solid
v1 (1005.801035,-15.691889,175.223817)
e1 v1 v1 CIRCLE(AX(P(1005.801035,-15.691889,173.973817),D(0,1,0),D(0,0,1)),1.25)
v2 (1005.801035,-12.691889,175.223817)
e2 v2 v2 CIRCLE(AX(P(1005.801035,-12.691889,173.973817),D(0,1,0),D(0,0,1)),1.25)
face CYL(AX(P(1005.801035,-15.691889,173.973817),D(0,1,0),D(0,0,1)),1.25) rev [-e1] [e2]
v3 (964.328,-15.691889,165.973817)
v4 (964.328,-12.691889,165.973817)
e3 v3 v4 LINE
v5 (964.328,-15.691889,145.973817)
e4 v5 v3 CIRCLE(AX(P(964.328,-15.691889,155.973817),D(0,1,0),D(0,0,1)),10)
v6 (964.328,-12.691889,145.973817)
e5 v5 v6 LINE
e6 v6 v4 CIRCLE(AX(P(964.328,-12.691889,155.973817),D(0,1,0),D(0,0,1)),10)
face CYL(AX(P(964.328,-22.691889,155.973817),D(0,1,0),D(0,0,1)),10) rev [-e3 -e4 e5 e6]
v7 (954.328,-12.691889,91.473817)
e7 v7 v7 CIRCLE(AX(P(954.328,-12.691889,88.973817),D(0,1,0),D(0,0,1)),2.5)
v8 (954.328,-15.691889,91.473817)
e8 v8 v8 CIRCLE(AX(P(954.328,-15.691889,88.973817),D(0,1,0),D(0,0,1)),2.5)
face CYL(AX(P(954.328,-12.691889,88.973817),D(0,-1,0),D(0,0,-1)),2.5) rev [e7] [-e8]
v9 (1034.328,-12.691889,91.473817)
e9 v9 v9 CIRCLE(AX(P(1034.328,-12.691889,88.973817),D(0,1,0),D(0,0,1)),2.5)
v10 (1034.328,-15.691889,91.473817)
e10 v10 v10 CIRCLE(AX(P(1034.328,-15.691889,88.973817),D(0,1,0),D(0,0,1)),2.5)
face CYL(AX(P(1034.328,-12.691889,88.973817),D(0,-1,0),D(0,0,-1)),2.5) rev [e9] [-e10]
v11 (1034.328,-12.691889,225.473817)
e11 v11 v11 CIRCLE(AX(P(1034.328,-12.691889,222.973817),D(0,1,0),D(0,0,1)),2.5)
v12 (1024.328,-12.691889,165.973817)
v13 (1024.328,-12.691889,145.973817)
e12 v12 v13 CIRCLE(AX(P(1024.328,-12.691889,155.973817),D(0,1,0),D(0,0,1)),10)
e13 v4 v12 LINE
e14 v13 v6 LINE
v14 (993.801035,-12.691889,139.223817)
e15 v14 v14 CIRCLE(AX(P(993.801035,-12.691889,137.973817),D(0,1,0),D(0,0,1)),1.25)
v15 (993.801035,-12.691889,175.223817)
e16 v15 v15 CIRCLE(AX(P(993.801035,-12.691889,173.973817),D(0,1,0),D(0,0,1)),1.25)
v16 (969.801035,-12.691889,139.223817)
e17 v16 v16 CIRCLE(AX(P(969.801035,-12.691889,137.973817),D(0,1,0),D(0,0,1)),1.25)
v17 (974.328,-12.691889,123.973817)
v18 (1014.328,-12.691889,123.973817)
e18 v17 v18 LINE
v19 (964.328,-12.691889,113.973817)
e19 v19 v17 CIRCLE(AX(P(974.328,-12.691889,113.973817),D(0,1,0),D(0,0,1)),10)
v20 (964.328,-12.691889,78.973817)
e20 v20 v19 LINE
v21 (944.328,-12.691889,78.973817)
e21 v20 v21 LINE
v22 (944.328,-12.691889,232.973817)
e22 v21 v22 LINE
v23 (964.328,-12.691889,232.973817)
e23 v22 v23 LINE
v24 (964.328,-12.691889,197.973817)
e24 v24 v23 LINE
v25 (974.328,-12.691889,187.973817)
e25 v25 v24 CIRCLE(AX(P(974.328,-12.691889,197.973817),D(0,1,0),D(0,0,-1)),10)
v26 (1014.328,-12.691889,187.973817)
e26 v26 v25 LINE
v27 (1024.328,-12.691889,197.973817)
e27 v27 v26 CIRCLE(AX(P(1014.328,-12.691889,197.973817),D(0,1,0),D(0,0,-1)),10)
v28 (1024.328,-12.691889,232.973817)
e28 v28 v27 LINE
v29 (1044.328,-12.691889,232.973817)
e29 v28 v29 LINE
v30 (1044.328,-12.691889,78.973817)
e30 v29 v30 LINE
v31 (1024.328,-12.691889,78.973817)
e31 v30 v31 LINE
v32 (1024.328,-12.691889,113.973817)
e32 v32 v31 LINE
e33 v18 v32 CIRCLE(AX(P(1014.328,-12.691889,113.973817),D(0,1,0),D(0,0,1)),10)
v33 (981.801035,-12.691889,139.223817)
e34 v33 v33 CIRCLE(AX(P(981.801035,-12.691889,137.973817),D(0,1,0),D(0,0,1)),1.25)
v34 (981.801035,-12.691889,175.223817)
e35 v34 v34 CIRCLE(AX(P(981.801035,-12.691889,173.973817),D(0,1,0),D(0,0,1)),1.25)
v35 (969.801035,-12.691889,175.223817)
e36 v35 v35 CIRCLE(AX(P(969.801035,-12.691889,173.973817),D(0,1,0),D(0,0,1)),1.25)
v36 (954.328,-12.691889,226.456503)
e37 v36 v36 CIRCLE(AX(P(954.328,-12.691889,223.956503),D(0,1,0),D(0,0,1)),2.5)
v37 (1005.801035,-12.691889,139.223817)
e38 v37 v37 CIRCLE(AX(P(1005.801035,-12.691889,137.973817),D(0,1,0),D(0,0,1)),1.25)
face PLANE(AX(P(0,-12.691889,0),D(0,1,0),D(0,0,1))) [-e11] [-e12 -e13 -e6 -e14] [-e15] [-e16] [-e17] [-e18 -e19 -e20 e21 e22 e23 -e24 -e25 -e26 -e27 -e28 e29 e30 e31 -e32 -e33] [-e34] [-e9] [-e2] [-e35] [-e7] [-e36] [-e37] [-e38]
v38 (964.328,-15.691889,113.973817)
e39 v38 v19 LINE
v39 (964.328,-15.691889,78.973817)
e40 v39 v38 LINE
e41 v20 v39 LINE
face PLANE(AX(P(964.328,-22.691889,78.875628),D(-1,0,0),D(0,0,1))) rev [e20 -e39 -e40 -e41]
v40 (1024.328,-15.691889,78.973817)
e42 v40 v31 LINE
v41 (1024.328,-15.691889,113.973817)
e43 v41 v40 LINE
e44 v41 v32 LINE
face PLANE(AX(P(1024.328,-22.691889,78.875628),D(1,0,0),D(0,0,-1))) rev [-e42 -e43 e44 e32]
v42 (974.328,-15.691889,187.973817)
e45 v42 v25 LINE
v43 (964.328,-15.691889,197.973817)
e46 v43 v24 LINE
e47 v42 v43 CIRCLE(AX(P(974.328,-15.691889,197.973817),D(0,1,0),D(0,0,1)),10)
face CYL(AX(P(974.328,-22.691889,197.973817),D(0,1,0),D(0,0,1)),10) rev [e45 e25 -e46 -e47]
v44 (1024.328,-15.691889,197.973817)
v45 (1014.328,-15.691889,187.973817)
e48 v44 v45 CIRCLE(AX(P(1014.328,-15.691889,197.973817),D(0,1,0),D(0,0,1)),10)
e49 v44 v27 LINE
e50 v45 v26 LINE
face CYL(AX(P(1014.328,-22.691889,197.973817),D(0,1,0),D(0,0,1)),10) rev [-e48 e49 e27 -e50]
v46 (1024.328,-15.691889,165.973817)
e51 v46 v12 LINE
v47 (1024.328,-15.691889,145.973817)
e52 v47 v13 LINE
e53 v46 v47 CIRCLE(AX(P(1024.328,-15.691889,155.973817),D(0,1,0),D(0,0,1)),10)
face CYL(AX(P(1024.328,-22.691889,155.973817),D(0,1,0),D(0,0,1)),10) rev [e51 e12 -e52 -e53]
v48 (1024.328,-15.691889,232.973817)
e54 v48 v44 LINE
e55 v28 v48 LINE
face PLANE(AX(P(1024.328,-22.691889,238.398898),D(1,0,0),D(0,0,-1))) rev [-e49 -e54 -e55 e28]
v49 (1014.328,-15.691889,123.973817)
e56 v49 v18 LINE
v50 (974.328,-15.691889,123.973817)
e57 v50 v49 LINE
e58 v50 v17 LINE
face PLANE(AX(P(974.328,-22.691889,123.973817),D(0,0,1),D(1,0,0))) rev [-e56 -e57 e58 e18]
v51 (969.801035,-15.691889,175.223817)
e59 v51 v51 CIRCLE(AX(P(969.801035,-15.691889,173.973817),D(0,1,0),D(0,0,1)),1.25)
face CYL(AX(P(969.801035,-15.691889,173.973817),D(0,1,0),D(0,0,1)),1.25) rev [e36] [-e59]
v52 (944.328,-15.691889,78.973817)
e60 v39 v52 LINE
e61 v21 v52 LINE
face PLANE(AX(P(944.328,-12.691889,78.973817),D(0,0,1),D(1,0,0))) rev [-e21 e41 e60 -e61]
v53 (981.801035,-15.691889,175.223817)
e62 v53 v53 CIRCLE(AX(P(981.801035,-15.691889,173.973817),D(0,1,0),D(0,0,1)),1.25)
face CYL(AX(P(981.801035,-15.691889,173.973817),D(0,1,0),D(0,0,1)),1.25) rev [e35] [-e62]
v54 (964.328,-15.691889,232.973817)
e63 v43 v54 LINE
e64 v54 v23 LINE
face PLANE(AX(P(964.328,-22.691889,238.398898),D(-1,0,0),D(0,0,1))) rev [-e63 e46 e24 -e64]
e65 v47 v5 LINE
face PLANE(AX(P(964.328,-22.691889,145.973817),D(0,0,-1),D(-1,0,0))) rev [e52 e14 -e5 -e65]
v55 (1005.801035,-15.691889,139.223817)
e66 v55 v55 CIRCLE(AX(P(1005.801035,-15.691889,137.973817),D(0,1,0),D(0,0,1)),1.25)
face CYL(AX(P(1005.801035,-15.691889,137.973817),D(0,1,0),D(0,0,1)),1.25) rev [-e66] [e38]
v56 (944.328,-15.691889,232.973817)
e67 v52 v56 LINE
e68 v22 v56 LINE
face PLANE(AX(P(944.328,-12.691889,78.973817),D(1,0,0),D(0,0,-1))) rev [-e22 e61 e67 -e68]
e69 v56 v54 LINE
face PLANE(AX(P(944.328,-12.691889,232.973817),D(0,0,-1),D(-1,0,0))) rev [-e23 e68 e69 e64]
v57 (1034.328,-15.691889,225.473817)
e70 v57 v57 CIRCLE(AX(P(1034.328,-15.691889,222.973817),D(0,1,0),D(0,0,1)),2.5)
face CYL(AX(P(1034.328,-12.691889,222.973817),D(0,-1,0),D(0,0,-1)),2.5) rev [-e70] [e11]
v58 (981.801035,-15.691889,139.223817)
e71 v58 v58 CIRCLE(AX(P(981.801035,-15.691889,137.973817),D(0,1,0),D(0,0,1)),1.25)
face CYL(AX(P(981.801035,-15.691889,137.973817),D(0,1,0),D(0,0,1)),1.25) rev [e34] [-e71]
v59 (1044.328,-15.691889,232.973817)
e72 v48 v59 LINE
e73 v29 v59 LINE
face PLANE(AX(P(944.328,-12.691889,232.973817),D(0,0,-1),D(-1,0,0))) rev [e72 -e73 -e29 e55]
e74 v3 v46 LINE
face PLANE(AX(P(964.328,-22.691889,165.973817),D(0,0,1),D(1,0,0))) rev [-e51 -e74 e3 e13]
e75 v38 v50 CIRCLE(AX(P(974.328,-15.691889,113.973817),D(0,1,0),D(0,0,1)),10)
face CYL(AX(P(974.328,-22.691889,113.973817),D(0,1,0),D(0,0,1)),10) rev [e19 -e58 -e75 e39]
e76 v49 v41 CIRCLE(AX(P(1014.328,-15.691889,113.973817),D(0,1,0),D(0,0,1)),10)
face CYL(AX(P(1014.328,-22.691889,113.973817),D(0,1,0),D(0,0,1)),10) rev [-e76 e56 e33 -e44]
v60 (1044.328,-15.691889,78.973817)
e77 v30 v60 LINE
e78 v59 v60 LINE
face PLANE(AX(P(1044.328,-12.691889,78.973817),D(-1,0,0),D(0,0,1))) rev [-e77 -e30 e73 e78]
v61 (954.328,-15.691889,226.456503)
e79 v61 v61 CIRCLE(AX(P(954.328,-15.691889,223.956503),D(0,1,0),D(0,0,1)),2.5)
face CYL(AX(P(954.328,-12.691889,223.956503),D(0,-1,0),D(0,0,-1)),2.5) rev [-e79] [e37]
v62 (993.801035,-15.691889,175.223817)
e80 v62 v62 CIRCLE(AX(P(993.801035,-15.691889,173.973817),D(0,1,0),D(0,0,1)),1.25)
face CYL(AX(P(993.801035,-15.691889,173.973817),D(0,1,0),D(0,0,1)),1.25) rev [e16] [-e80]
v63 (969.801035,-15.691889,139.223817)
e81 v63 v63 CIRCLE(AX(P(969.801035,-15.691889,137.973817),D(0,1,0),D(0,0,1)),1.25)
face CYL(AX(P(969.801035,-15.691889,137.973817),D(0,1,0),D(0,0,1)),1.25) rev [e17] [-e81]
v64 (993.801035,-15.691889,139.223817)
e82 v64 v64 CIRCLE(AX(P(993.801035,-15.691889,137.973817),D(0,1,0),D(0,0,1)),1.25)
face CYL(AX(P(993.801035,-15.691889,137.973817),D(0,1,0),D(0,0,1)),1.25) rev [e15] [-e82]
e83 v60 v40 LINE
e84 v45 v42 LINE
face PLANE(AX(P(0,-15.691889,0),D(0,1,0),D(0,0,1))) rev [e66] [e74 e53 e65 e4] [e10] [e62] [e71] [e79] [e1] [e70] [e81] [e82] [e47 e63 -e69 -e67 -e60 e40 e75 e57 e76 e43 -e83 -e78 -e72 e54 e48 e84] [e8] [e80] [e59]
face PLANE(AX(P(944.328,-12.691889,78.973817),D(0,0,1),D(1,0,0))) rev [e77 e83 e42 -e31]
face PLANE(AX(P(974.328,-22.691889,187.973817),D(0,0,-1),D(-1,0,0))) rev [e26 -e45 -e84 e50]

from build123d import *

# Parameters (mm, degrees)
SKETCH_1_W          = 100
SKETCH_1_H          = 154
SKETCH_1_R          = 2.5
EXTRUDE_1_DEPTH     = 3
SKETCH_4_R          = 1.25
CUT_EXTRUDE_1_DEPTH = 3
CUT_EXTRUDE_2_DEPTH = 10
CUT_EXTRUDE_3_DEPTH = 10


with BuildPart() as part:
    # 스케치1 → 보스-돌출1 (new body)
    with BuildSketch(Plane(origin=(0, -15.691888839, 0), x_dir=(1, 0, 0), z_dir=(0, 1, 0))):
        with Locations((994.328, -155.973817188)):
            Rectangle(SKETCH_1_W, SKETCH_1_H)
        with Locations(Location((1034.328, -88.973817188, 0), (0, 0, 270))):
            Circle(SKETCH_1_R, mode=Mode.SUBTRACT)
        with Locations(Location((1034.328, -222.973817188, 0), (0, 0, 270))):
            Circle(SKETCH_1_R, mode=Mode.SUBTRACT)
        with Locations(Location((954.328, -223.956502664, 0), (0, 0, 270))):
            Circle(SKETCH_1_R, mode=Mode.SUBTRACT)
        with Locations(Location((954.328, -88.973817188, 0), (0, 0, 270))):
            Circle(SKETCH_1_R, mode=Mode.SUBTRACT)
    extrude(amount=EXTRUDE_1_DEPTH)

    # 스케치4 → 컷-돌출1 (cut)
    with BuildSketch(Plane(origin=(0, -12.691888839, 0), x_dir=(1, 0, 0), z_dir=(0, 1, 0))):
        with Locations(Location((969.801034838, -137.973817188, 0), (0, 0, 270))):
            Circle(SKETCH_4_R)
        with Locations(Location((1005.801034838, -137.973817188, 0), (0, 0, 270))):
            Circle(SKETCH_4_R)
        with Locations(Location((1005.801034838, -173.973817188, 0), (0, 0, 270))):
            Circle(SKETCH_4_R)
        with Locations(Location((969.801034838, -173.973817188, 0), (0, 0, 270))):
            Circle(SKETCH_4_R)
        with Locations(Location((993.801034838, -137.973817188, 0), (0, 0, 270))):
            Circle(SKETCH_4_R)
        with Locations(Location((981.801034838, -137.973817188, 0), (0, 0, 270))):
            Circle(SKETCH_4_R)
        with Locations(Location((981.801034838, -173.973817188, 0), (0, 0, 270))):
            Circle(SKETCH_4_R)
        with Locations(Location((993.801034838, -173.973817188, 0), (0, 0, 270))):
            Circle(SKETCH_4_R)
    extrude(amount=-CUT_EXTRUDE_1_DEPTH, mode=Mode.SUBTRACT)

    # 스케치5 → 컷-돌출2 (cut)
    with BuildSketch(Plane(origin=(0, -12.691888839, 0), x_dir=(1, 0, 0), z_dir=(0, 1, 0))):
        with BuildLine():
            Line((964.328, -78.875628165), (1024.328, -78.875628165))
            Line((1024.328, -78.875628165), (1024.328, -113.973817188))
            ThreePointArc((1024.328, -113.973817188), (1021.399067812, -121.044884999), (1014.328, -123.973817188))
            Line((1014.328, -123.973817188), (974.328, -123.973817188))
            ThreePointArc((974.328, -123.973817188), (967.256932188, -121.044884999), (964.328, -113.973817188))
            Line((964.328, -113.973817188), (964.328, -78.875628165))
        make_face()
        with BuildLine():
            Line((964.328, -238.398898185), (1024.328, -238.398898185))
            Line((1024.328, -238.398898185), (1024.328, -197.973817188))
            ThreePointArc((1024.328, -197.973817188), (1021.399067812, -190.902749376), (1014.328, -187.973817188))
            Line((1014.328, -187.973817188), (974.328, -187.973817188))
            ThreePointArc((974.328, -187.973817188), (967.256932188, -190.902749376), (964.328, -197.973817188))
            Line((964.328, -197.973817188), (964.328, -238.398898185))
        make_face()
    extrude(amount=-CUT_EXTRUDE_2_DEPTH, mode=Mode.SUBTRACT)

    # 스케치6 → 컷-돌출3 (cut)
    with BuildSketch(Plane(origin=(0, -12.691888839, 0), x_dir=(1, 0, 0), z_dir=(0, 1, 0))):
        with BuildLine():
            Line((964.328, -145.973817188), (1024.328, -145.973817188))
            ThreePointArc((1024.328, -145.973817188), (1034.328, -155.973817188), (1024.328, -165.973817188))
            Line((1024.328, -165.973817188), (964.328, -165.973817188))
            ThreePointArc((964.328, -165.973817188), (954.328, -155.973817188), (964.328, -145.973817188))
        make_face()
    extrude(amount=-CUT_EXTRUDE_3_DEPTH, mode=Mode.SUBTRACT)


solid = part.part
